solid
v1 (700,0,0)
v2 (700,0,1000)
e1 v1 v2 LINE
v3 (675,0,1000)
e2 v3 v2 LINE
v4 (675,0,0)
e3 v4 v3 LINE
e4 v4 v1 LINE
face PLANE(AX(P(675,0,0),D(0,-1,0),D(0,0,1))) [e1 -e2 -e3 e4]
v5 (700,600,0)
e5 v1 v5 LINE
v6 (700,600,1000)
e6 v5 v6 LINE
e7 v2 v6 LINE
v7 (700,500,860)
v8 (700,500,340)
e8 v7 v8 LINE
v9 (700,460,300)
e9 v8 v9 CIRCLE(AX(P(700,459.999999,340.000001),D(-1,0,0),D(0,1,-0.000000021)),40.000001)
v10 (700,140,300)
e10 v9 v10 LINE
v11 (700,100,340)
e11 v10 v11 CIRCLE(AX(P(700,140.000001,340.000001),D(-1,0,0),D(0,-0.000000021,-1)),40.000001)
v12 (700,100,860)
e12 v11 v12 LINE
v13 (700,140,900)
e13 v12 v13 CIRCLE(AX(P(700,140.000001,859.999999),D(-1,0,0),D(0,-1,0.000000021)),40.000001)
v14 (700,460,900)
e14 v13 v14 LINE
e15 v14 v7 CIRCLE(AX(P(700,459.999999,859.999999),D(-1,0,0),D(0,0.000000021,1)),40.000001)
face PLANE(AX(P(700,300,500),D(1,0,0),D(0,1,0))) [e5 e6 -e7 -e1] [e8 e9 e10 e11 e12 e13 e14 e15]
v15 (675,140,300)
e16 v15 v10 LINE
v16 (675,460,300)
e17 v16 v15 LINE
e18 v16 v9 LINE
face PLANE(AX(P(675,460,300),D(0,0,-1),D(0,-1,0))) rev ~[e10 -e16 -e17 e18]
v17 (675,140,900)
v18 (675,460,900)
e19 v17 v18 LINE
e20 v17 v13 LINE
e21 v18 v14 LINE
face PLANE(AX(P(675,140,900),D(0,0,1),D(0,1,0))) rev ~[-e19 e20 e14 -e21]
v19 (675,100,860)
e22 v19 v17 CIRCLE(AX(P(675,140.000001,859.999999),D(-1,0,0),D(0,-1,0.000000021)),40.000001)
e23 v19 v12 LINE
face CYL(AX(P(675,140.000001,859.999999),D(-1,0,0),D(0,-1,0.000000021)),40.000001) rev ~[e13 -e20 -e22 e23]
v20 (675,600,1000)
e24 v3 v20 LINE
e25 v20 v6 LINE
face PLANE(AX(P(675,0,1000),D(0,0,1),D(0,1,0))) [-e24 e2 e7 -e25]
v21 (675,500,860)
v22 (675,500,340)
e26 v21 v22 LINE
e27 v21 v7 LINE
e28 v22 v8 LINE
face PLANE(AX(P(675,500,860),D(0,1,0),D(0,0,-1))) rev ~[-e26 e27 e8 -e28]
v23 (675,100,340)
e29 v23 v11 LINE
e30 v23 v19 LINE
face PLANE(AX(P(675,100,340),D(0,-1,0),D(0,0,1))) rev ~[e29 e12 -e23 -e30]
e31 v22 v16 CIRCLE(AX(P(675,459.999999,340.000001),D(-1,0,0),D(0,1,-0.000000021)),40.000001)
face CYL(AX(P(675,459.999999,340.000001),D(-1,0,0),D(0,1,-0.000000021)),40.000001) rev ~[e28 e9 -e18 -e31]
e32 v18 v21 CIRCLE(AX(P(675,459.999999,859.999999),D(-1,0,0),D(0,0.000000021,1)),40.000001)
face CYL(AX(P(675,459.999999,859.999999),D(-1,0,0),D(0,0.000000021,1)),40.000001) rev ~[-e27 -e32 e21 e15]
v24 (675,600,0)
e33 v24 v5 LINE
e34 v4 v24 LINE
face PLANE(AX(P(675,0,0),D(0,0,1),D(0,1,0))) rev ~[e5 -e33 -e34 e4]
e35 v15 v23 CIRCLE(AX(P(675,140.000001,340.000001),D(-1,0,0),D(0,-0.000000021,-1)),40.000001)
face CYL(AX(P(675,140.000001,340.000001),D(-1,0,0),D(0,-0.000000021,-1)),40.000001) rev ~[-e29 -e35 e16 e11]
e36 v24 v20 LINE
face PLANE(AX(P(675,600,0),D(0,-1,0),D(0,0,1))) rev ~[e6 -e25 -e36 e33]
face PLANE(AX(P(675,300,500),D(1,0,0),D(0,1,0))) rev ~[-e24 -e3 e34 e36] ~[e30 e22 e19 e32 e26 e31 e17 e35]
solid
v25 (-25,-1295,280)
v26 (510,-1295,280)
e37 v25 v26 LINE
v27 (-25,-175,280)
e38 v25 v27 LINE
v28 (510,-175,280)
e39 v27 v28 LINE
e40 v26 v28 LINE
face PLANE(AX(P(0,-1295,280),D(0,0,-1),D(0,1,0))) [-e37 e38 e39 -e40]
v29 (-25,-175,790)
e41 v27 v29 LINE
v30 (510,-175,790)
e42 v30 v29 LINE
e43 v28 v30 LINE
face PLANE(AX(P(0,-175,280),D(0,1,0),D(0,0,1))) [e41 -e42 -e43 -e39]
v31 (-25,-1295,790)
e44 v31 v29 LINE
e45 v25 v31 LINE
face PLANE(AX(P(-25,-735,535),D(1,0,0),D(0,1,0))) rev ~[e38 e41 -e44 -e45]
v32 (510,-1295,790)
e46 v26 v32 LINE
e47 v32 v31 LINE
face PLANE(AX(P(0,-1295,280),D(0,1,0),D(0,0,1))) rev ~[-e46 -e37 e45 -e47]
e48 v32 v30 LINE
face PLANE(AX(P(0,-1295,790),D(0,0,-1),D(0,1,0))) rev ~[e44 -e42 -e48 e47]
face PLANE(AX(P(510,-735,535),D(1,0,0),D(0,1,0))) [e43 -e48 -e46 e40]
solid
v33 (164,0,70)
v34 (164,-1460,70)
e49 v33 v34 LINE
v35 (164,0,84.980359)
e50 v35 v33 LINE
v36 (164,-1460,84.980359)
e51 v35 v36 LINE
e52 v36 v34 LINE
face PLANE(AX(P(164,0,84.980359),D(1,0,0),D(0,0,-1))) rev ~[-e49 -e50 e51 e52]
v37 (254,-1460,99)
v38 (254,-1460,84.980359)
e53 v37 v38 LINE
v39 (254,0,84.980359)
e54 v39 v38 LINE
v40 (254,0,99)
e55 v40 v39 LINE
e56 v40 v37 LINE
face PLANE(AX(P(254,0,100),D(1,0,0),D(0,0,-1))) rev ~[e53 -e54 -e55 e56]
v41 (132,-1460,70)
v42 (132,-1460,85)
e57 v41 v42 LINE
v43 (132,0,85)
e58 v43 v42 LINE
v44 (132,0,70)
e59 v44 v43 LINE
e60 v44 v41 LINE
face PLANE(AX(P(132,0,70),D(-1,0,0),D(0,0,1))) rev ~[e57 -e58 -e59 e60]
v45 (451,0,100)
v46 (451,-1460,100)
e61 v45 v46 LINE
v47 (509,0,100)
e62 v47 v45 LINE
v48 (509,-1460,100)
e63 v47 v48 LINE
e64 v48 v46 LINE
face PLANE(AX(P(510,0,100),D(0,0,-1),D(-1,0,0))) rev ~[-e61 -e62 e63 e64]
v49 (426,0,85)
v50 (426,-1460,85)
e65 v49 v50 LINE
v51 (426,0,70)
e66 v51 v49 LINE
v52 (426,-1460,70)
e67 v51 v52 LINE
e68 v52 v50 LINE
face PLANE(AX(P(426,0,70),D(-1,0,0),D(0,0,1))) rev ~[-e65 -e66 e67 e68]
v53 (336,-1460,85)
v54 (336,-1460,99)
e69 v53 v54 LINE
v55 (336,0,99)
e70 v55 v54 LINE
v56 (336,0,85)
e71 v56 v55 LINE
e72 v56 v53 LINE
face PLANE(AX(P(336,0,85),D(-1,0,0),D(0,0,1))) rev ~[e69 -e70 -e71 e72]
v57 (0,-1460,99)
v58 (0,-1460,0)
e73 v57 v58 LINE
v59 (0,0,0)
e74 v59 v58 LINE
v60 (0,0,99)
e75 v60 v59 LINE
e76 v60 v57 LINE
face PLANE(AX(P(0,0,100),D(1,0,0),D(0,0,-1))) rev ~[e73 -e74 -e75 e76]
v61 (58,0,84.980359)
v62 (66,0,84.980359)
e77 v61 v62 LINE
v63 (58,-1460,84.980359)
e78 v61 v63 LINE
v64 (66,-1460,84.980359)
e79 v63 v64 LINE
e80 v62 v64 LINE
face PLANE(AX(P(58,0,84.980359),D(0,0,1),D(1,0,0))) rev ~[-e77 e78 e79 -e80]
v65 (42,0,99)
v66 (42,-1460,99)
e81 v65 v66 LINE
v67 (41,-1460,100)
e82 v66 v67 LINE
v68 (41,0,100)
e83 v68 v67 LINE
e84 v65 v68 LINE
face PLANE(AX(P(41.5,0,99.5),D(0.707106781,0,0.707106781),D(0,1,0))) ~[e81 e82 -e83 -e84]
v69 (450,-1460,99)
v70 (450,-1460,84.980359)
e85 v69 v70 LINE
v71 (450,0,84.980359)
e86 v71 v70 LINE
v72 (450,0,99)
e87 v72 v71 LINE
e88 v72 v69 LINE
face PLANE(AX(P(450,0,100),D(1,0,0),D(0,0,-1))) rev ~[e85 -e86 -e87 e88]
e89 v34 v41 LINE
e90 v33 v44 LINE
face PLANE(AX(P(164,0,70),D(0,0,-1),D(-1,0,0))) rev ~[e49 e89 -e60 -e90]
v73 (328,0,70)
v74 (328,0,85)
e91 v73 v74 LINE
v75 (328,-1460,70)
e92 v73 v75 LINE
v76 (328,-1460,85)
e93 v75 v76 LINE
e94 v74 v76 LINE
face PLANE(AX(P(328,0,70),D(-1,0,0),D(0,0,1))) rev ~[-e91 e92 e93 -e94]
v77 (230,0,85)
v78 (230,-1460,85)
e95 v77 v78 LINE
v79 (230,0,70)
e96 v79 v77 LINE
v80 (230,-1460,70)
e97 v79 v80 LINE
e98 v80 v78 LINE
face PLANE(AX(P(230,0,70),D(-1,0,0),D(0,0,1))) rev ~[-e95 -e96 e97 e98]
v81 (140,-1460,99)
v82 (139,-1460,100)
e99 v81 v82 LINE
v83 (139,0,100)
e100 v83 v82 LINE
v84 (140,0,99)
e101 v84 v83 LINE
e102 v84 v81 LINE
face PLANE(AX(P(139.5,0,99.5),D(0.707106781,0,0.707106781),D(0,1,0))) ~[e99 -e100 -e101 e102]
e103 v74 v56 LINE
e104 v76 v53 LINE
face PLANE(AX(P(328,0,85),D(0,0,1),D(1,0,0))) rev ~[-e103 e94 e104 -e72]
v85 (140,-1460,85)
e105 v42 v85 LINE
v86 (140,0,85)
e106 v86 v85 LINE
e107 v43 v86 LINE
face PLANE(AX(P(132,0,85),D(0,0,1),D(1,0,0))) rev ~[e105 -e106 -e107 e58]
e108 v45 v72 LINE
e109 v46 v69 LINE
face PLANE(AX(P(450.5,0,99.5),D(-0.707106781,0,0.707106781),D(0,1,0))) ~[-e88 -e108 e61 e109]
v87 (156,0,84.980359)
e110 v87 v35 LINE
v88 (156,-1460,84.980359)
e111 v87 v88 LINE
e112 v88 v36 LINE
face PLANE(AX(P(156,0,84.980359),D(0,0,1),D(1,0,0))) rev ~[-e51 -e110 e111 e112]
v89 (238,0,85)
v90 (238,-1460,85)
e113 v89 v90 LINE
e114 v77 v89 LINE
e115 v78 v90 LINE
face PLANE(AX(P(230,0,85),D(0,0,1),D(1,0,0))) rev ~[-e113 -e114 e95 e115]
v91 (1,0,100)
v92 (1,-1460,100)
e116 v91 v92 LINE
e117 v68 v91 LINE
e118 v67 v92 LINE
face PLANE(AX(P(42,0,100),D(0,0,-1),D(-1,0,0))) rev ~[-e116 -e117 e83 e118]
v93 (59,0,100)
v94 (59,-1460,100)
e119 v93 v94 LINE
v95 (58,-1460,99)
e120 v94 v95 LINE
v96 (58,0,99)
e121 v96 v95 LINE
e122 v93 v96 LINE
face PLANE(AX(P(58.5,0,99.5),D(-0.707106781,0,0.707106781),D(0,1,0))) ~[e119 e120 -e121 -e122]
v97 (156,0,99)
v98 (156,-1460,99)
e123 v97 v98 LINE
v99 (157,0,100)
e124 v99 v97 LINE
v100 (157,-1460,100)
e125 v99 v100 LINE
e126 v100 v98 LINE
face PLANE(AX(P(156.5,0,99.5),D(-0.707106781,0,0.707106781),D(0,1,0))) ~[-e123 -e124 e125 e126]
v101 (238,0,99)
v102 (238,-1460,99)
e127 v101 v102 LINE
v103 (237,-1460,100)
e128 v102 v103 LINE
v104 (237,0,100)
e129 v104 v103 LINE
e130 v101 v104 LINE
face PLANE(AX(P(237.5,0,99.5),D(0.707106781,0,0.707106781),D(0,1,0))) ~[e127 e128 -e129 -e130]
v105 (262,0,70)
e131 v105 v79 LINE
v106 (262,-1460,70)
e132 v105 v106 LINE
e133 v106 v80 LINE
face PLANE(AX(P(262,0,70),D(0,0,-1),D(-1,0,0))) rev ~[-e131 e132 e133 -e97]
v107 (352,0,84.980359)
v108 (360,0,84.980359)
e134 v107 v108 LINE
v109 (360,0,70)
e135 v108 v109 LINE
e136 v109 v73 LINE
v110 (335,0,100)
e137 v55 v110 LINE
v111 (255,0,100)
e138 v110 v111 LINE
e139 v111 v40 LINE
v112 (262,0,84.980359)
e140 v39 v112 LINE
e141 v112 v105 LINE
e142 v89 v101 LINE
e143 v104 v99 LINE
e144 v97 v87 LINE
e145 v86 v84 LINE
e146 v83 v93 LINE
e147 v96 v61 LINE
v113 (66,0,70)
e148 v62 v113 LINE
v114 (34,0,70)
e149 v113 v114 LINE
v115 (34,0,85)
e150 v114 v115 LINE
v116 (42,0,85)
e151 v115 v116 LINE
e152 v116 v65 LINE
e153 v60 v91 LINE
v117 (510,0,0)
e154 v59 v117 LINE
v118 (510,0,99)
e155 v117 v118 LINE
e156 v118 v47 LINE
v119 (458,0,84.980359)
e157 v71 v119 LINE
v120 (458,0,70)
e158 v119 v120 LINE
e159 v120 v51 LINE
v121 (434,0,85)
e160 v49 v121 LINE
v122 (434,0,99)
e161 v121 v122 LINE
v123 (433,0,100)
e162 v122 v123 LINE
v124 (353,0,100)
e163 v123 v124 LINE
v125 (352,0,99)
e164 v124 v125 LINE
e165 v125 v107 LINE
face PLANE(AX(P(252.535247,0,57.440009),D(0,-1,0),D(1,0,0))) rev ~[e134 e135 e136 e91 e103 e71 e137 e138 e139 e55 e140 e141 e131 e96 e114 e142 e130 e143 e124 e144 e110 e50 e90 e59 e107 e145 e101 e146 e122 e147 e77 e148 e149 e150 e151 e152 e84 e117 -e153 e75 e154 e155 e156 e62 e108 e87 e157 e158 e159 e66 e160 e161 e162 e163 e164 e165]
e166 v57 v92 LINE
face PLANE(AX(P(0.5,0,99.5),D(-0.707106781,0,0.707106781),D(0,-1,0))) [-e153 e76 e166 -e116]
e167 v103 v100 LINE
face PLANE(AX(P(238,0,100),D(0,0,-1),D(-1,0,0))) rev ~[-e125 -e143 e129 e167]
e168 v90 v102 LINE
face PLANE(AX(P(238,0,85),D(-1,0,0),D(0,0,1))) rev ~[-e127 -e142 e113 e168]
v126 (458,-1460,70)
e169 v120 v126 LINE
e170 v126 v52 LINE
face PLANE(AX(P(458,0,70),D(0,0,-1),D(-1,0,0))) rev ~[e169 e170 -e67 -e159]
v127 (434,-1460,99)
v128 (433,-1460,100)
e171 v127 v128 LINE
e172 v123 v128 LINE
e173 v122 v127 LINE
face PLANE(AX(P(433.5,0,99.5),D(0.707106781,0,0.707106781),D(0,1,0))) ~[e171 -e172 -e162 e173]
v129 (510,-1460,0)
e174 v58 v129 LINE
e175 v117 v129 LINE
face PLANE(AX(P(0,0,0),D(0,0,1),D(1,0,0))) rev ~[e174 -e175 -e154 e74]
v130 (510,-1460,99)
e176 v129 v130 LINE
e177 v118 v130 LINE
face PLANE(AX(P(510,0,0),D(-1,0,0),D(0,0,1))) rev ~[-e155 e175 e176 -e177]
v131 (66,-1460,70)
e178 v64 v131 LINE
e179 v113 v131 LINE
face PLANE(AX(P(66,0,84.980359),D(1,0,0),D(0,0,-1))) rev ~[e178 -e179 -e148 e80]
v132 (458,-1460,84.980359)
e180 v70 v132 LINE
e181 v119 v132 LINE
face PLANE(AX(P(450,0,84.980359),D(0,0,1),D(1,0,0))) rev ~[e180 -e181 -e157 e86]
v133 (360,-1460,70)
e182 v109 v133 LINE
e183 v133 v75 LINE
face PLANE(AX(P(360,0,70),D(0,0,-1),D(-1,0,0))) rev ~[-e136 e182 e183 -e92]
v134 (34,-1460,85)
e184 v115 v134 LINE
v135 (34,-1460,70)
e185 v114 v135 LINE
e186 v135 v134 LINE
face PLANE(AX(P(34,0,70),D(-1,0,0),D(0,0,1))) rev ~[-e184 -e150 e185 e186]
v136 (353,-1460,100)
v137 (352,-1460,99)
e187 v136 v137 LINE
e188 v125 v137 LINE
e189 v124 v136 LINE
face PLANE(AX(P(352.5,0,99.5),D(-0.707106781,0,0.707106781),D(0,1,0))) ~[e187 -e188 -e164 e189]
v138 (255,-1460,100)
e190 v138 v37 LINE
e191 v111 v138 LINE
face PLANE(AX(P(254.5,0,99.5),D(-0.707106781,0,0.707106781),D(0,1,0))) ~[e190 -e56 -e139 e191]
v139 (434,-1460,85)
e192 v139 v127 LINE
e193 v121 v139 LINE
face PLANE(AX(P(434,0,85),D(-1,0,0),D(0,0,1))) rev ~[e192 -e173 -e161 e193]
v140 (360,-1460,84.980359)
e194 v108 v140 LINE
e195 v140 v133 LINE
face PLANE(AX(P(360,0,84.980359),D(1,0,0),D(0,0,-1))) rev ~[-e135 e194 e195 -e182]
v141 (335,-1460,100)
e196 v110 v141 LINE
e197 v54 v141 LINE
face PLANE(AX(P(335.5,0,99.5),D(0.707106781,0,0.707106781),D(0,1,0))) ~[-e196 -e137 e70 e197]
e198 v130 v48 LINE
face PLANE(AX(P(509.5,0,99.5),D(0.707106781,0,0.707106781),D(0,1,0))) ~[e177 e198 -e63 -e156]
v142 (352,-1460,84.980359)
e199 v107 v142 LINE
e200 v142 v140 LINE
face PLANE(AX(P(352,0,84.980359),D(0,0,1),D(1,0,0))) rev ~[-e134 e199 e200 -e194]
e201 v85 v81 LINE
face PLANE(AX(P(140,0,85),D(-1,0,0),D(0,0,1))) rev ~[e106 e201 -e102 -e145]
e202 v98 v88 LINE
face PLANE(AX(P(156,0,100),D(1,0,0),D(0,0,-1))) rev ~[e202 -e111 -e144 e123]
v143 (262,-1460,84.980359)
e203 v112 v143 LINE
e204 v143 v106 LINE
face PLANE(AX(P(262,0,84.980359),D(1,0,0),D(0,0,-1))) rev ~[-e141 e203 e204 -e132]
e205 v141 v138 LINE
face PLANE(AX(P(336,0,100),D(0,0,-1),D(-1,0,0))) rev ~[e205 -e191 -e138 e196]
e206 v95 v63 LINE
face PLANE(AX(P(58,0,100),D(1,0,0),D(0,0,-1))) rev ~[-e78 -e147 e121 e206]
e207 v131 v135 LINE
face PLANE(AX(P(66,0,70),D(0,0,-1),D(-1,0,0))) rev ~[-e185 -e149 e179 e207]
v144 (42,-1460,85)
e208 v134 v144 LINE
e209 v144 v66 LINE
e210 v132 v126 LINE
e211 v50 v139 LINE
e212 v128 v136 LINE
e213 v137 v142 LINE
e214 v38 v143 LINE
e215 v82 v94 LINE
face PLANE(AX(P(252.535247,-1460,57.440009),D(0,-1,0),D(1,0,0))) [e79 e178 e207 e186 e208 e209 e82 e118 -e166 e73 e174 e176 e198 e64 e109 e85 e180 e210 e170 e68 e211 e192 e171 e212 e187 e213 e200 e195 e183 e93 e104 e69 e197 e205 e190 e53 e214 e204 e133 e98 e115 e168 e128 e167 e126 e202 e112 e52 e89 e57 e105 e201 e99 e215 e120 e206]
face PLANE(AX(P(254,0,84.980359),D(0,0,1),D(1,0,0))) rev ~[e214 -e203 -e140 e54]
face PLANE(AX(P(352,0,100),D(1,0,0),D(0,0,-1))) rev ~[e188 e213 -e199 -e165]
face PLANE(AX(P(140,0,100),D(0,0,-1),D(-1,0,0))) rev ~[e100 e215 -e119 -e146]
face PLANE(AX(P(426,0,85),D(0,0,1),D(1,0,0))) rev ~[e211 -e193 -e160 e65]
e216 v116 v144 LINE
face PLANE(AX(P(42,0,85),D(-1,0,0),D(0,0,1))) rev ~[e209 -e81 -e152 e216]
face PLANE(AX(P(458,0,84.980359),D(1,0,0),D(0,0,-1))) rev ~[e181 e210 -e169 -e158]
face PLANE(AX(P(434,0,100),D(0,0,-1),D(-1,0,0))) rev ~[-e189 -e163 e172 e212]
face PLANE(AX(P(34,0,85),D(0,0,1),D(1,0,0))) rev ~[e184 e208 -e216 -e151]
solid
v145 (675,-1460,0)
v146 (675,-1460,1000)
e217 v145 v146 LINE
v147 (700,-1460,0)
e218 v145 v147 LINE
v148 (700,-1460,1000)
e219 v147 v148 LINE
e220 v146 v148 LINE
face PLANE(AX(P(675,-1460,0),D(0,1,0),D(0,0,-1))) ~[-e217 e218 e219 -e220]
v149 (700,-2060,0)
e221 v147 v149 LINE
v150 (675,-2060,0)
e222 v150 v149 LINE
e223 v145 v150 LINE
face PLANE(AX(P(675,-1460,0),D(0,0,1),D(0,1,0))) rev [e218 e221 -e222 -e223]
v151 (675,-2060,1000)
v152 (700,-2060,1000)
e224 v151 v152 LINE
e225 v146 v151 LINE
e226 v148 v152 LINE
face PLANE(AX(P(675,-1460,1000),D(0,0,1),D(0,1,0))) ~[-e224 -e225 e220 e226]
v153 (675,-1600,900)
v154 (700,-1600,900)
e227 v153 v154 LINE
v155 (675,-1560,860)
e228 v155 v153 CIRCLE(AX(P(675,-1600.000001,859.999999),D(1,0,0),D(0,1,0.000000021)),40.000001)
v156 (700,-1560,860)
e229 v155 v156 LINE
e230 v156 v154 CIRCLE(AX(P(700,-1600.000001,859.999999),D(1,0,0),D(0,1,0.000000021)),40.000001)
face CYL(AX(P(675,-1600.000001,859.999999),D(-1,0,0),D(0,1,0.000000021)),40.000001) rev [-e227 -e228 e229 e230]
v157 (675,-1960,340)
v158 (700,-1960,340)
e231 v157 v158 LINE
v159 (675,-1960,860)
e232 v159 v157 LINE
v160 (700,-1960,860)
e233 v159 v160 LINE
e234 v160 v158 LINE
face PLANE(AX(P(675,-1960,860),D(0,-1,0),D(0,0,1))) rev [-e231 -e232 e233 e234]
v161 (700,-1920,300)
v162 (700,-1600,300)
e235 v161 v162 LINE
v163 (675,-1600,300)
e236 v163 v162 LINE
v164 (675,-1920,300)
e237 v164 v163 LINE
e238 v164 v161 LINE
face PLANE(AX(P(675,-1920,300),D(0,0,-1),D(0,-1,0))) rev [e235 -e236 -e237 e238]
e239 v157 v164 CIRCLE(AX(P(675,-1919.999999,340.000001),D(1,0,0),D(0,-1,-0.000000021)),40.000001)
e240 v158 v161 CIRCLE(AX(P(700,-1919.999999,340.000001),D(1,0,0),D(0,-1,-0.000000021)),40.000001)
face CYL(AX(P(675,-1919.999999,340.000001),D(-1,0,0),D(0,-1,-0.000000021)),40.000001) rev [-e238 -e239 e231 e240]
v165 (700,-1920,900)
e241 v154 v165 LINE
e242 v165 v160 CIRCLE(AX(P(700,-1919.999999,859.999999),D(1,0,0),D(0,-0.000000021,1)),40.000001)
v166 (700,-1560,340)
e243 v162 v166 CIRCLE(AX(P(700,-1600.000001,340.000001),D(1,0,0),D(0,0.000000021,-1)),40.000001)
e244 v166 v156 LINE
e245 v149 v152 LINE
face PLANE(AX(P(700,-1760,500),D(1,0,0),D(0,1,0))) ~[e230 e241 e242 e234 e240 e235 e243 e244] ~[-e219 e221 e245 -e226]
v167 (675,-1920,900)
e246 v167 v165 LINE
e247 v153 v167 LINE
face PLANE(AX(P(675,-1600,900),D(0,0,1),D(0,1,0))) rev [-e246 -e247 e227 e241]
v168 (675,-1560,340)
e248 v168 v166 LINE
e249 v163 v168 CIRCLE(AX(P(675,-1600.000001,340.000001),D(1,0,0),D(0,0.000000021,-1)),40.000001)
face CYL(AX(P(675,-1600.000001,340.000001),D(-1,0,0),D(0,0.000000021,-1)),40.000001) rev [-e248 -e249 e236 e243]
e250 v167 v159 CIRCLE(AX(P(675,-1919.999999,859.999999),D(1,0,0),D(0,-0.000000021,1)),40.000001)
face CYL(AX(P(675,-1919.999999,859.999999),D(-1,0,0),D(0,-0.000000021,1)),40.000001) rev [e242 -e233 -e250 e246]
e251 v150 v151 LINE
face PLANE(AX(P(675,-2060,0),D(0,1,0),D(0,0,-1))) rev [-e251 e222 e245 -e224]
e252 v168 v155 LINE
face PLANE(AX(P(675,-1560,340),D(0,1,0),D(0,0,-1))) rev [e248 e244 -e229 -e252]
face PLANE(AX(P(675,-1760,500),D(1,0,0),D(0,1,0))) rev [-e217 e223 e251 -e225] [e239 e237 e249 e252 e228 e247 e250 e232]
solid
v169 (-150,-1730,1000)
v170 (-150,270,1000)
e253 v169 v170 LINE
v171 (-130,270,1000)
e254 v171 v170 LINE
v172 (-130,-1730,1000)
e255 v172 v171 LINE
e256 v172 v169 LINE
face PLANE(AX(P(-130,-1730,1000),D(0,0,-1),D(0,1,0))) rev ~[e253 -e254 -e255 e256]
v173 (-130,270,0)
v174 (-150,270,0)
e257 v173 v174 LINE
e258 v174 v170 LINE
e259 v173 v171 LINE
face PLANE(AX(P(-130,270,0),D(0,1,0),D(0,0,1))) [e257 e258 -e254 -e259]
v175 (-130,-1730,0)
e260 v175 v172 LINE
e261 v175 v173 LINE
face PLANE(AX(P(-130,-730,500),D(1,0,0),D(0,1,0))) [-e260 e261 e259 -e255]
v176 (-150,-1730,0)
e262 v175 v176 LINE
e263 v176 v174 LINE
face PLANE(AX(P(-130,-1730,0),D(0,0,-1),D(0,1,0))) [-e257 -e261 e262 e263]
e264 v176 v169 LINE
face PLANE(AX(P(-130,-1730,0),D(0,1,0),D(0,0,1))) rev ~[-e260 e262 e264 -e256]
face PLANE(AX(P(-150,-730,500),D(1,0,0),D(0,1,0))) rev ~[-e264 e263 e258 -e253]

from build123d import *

# Parameters (mm, degrees)
F1_DEPTH      = 1460
F2_SIZE       = 1
F4_W          = 2000
F4_H          = 1000
F5_DEPTH      = 20
F6_W          = 1120
F6_H          = 510
F7_DEPTH      = 510
F7_DEPTH_BACK = 25
F9_W          = 600
F9_H          = 1000
F10_DEPTH     = 25


with BuildPart() as f1:
    # F0 (on Front) → F1 (new body)
    with BuildSketch(Plane.XZ):
        Polygon((0, 100), (0, 0), (510, 0), (510, 100), (450, 100), (450, 84.980359), (458, 84.980359), (458, 70), (426, 70), (426, 85), (434, 85), (434, 100), (352, 100), (352, 84.980359), (360, 84.980359), (360, 70), (328, 70), (328, 85), (336, 85), (336, 100), (254, 100), (254, 84.980359), (262, 84.980359), (262, 70), (230, 70), (230, 85), (238, 85), (238, 100), (156, 100), (156, 84.980359), (164, 84.980359), (164, 70), (132, 70), (132, 85), (140, 85), (140, 100), (58, 100), (58, 84.980359), (66, 84.980359), (66, 70), (34, 70), (34, 85), (42, 85), (42, 100), align=None)
    extrude(amount=F1_DEPTH)

    # F2
    f2_edges = [f1.edges().sort_by_distance(p)[0] for p in [
        (42, -730, 100),
        (58, -730, 100),
        (140, -730, 100),
        (156, -730, 100),
        (238, -730, 100),
        (254, -730, 100),
        (336, -730, 100),
        (352, -730, 100),
        (434, -730, 100),
        (450, -730, 100),
        (510, -730, 100),
        (0, -730, 100),
    ]]
    chamfer(f2_edges, length=F2_SIZE)


with BuildPart() as f5:
    # F4 (on offset) → F5 (new body)
    with BuildSketch(Plane.YZ.offset(-130)):
        with Locations((-730, 500)):
            Rectangle(F4_W, F4_H)
    extrude(amount=-F5_DEPTH)


with BuildPart() as f7:
    # F6 (on Right) → F7 (new body, two sides)
    with BuildSketch(Plane.YZ) as f7_sk:
        with Locations((-735, 535)):
            Rectangle(F6_W, F6_H)
    extrude(amount=F7_DEPTH)
    extrude(f7_sk.sketch, amount=-F7_DEPTH_BACK)


with BuildPart() as f10:
    # F9 (on offset) → F10 (new body)
    with BuildSketch(Plane.YZ.offset(675)):
        with Locations((300, 500)):
            Rectangle(F9_W, F9_H)
        with BuildLine():
            ThreePointArc((100, 860), (111.715729, 888.284271), (140, 900))
            Line((140, 900), (460, 900))
            ThreePointArc((460, 900), (488.284271, 888.284271), (500, 860))
            Line((500, 860), (500, 340))
            ThreePointArc((500, 340), (488.284271, 311.715729), (460, 300))
            Line((460, 300), (140, 300))
            ThreePointArc((140, 300), (111.715729, 311.715729), (100, 340))
            Line((100, 340), (100, 860))
        make_face(mode=Mode.SUBTRACT)
    extrude(amount=F10_DEPTH)


with BuildPart() as f12_1:
    # F12: instance of F10
    add(f10.part.mirror(Plane.XZ.offset(730)))


solid = Compound([f1.part, f5.part, f7.part, f10.part, f12_1.part])
